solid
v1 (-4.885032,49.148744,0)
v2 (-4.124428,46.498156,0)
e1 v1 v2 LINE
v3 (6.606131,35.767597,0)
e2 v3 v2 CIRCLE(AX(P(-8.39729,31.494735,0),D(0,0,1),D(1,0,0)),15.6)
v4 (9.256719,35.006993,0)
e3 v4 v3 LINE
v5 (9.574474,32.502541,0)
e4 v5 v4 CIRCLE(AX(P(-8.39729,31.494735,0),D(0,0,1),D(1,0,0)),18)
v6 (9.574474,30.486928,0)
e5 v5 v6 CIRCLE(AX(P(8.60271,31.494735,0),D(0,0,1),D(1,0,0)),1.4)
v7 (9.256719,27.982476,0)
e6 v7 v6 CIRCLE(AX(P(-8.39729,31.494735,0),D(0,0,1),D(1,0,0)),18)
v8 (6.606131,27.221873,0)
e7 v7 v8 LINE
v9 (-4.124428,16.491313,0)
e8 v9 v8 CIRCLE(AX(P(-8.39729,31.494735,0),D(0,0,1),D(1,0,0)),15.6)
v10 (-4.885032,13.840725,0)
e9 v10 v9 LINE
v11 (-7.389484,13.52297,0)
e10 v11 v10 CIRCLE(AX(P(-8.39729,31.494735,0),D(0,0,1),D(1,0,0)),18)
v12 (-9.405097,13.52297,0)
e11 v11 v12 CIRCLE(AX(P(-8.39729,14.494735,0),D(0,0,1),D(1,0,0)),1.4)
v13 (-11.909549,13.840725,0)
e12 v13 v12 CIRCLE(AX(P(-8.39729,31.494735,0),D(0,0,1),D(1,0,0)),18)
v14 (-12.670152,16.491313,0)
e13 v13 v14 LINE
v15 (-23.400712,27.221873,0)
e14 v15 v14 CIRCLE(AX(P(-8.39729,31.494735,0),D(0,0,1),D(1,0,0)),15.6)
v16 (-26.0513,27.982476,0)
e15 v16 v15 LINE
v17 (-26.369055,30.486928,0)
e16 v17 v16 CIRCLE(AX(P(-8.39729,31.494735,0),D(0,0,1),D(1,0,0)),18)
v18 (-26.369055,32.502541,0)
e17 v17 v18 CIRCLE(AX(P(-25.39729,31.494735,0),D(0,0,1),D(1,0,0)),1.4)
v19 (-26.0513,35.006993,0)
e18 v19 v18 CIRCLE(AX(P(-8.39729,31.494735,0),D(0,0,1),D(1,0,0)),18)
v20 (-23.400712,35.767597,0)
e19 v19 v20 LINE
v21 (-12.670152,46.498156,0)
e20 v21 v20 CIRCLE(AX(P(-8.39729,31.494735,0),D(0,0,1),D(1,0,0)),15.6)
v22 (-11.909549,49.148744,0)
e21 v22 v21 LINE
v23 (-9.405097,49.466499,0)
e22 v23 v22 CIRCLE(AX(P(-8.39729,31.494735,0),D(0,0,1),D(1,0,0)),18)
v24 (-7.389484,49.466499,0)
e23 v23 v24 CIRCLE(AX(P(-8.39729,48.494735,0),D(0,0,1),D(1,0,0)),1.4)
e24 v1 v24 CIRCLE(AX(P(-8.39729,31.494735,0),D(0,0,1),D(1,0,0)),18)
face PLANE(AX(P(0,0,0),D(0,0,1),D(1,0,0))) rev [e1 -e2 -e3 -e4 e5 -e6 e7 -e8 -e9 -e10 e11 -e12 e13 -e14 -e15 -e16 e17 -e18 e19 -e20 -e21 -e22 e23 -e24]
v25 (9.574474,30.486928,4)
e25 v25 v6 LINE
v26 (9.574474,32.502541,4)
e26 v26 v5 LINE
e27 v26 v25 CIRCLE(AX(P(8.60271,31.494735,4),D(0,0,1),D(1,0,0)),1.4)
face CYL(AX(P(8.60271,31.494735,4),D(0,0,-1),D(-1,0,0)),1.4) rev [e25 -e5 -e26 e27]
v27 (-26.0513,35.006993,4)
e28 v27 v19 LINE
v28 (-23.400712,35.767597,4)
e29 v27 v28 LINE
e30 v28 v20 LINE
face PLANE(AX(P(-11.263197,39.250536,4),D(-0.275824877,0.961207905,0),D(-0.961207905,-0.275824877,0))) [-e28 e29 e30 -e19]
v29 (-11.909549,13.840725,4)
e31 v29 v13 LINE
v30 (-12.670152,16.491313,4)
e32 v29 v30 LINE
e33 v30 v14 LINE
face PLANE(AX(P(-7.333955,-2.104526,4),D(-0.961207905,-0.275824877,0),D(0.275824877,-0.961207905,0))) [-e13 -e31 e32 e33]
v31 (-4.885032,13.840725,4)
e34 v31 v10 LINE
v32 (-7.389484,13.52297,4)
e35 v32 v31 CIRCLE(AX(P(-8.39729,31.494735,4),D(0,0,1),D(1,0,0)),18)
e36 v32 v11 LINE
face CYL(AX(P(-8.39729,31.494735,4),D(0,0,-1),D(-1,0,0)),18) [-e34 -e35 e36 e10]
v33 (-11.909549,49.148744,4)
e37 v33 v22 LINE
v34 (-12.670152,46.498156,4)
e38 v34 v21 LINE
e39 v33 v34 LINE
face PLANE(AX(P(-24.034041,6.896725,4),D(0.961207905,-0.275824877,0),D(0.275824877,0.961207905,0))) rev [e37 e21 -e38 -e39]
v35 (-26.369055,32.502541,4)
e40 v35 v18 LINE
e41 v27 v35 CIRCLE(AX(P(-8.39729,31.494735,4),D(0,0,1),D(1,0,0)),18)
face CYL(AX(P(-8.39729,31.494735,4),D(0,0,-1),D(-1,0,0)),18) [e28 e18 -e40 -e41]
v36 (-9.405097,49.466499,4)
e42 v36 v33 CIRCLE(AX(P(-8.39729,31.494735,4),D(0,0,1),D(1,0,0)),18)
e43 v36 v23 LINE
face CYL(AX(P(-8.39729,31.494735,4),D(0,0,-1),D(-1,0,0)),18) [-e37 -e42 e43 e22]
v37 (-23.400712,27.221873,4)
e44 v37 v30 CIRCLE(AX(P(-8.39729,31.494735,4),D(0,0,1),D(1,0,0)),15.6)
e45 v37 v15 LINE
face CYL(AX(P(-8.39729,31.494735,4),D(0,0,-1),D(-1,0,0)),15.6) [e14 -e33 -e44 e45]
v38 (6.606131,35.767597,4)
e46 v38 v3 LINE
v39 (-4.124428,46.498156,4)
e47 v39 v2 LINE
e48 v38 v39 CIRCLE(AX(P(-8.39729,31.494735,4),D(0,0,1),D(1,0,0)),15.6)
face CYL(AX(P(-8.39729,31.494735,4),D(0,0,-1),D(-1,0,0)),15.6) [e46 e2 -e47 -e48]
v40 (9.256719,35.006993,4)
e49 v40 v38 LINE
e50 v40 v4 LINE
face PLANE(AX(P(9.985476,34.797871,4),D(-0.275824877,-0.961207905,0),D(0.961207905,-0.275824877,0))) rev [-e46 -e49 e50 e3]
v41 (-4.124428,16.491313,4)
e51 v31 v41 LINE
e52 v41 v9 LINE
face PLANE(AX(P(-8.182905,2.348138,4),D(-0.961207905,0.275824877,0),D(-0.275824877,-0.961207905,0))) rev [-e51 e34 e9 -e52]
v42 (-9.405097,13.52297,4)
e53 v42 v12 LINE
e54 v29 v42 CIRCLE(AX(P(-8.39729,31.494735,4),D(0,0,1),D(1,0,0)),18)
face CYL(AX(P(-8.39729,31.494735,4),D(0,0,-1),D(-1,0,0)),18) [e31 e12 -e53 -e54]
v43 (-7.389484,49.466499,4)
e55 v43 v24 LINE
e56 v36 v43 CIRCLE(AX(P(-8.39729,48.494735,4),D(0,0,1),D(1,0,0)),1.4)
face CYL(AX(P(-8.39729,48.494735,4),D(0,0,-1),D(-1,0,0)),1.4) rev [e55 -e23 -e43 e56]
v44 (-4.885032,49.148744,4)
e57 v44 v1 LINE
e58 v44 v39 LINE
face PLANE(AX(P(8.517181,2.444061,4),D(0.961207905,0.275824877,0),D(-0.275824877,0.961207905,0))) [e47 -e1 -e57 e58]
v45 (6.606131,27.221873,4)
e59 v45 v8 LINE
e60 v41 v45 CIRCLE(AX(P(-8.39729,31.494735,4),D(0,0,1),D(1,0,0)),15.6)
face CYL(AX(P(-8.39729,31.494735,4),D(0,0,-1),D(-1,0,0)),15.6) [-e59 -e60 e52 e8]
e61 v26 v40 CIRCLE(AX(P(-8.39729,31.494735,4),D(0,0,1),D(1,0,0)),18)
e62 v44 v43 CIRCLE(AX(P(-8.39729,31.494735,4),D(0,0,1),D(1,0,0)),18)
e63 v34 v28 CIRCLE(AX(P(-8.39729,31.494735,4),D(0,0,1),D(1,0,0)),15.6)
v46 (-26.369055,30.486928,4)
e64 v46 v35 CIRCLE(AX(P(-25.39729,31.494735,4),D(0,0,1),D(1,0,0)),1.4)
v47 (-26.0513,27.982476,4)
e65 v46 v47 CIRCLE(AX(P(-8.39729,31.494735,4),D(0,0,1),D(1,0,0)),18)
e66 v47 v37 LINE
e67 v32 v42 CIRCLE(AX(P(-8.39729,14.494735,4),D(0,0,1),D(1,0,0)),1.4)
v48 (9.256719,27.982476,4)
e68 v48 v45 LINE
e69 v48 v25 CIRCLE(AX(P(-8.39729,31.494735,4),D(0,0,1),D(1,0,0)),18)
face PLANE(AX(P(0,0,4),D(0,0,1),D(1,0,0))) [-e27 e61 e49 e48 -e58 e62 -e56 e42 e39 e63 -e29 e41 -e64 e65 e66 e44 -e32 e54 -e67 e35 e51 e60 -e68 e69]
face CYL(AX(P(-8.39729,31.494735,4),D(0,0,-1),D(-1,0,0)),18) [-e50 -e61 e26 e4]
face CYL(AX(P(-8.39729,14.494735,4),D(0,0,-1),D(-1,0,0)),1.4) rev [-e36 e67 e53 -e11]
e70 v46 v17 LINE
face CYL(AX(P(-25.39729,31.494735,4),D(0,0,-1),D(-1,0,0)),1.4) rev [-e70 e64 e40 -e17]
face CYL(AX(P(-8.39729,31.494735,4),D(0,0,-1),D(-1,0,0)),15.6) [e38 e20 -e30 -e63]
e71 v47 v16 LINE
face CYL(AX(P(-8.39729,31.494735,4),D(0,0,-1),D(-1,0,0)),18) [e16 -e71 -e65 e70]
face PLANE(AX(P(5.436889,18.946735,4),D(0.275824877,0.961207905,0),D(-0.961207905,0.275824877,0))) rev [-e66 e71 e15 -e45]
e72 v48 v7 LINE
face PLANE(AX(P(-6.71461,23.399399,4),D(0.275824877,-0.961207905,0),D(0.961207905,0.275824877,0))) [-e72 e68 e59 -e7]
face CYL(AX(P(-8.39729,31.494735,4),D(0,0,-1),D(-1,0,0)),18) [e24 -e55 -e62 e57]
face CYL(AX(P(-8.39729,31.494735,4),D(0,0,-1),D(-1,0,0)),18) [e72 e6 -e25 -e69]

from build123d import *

# Parameters (mm, degrees)
BOSS_EXTRUDE1_DEPTH = 4


with BuildPart() as part:
    # Sketch1 → Boss-Extrude1 (new body)
    with BuildSketch(Plane.XY):
        with BuildLine():
            ThreePointArc((-9.405096609, 49.466499285), (-10.662900345, 49.351582329), (-11.909548916, 49.148743758))
            Line((-11.909548916, 49.148743758), (-12.670152398, 46.498155867))
            ThreePointArc((-12.670152398, 46.498155867), (-19.428156186, 42.525600365), (-23.400711687, 35.767596578))
            Line((-23.400711687, 35.767596578), (-26.051299579, 35.006993096))
            ThreePointArc((-26.051299579, 35.006993096), (-26.25413815, 33.760344525), (-26.369055105, 32.502540789))
            ThreePointArc((-26.369055105, 32.502540789), (-24.849782677, 32.78323576), (-23.997290399, 31.494734579))
            ThreePointArc((-23.997290399, 31.494734579), (-24.849782677, 30.206233398), (-26.369055105, 30.486928369))
            ThreePointArc((-26.369055105, 30.486928369), (-26.25413815, 29.229124633), (-26.051299579, 27.982476062))
            Line((-26.051299579, 27.982476062), (-23.400711687, 27.22187258))
            ThreePointArc((-23.400711687, 27.22187258), (-19.428156186, 20.463868792), (-12.670152398, 16.491313291))
            Line((-12.670152398, 16.491313291), (-11.909548916, 13.840725399))
            ThreePointArc((-11.909548916, 13.840725399), (-10.662900345, 13.637886829), (-9.405096609, 13.522969873))
            ThreePointArc((-9.405096609, 13.522969873), (-8.921251899, 15.792988925), (-6.997290399, 14.494734579))
            ThreePointArc((-6.997290399, 14.494734579), (-7.099036053, 13.970773079), (-7.38948419, 13.522969873))
            ThreePointArc((-7.38948419, 13.522969873), (-6.131680454, 13.637886829), (-4.885031883, 13.840725399))
            Line((-4.885031883, 13.840725399), (-4.124428401, 16.491313291))
            ThreePointArc((-4.124428401, 16.491313291), (2.633575387, 20.463868792), (6.606130888, 27.22187258))
            Line((6.606130888, 27.22187258), (9.25671878, 27.982476062))
            ThreePointArc((9.25671878, 27.982476062), (9.459557351, 29.229124633), (9.574474306, 30.486928369))
            ThreePointArc((9.574474306, 30.486928369), (7.202709601, 31.494734579), (9.574474306, 32.502540789))
            ThreePointArc((9.574474306, 32.502540789), (9.459557351, 33.760344525), (9.25671878, 35.006993096))
            Line((9.25671878, 35.006993096), (6.606130888, 35.767596578))
            ThreePointArc((6.606130888, 35.767596578), (2.633575387, 42.525600365), (-4.124428401, 46.498155867))
            Line((-4.124428401, 46.498155867), (-4.885031883, 49.148743758))
            ThreePointArc((-4.885031883, 49.148743758), (-6.131680454, 49.351582329), (-7.38948419, 49.466499285))
            ThreePointArc((-7.38948419, 49.466499285), (-8.397290399, 47.094734579), (-9.405096609, 49.466499285))
        make_face()
    extrude(amount=BOSS_EXTRUDE1_DEPTH)


solid = part.part
